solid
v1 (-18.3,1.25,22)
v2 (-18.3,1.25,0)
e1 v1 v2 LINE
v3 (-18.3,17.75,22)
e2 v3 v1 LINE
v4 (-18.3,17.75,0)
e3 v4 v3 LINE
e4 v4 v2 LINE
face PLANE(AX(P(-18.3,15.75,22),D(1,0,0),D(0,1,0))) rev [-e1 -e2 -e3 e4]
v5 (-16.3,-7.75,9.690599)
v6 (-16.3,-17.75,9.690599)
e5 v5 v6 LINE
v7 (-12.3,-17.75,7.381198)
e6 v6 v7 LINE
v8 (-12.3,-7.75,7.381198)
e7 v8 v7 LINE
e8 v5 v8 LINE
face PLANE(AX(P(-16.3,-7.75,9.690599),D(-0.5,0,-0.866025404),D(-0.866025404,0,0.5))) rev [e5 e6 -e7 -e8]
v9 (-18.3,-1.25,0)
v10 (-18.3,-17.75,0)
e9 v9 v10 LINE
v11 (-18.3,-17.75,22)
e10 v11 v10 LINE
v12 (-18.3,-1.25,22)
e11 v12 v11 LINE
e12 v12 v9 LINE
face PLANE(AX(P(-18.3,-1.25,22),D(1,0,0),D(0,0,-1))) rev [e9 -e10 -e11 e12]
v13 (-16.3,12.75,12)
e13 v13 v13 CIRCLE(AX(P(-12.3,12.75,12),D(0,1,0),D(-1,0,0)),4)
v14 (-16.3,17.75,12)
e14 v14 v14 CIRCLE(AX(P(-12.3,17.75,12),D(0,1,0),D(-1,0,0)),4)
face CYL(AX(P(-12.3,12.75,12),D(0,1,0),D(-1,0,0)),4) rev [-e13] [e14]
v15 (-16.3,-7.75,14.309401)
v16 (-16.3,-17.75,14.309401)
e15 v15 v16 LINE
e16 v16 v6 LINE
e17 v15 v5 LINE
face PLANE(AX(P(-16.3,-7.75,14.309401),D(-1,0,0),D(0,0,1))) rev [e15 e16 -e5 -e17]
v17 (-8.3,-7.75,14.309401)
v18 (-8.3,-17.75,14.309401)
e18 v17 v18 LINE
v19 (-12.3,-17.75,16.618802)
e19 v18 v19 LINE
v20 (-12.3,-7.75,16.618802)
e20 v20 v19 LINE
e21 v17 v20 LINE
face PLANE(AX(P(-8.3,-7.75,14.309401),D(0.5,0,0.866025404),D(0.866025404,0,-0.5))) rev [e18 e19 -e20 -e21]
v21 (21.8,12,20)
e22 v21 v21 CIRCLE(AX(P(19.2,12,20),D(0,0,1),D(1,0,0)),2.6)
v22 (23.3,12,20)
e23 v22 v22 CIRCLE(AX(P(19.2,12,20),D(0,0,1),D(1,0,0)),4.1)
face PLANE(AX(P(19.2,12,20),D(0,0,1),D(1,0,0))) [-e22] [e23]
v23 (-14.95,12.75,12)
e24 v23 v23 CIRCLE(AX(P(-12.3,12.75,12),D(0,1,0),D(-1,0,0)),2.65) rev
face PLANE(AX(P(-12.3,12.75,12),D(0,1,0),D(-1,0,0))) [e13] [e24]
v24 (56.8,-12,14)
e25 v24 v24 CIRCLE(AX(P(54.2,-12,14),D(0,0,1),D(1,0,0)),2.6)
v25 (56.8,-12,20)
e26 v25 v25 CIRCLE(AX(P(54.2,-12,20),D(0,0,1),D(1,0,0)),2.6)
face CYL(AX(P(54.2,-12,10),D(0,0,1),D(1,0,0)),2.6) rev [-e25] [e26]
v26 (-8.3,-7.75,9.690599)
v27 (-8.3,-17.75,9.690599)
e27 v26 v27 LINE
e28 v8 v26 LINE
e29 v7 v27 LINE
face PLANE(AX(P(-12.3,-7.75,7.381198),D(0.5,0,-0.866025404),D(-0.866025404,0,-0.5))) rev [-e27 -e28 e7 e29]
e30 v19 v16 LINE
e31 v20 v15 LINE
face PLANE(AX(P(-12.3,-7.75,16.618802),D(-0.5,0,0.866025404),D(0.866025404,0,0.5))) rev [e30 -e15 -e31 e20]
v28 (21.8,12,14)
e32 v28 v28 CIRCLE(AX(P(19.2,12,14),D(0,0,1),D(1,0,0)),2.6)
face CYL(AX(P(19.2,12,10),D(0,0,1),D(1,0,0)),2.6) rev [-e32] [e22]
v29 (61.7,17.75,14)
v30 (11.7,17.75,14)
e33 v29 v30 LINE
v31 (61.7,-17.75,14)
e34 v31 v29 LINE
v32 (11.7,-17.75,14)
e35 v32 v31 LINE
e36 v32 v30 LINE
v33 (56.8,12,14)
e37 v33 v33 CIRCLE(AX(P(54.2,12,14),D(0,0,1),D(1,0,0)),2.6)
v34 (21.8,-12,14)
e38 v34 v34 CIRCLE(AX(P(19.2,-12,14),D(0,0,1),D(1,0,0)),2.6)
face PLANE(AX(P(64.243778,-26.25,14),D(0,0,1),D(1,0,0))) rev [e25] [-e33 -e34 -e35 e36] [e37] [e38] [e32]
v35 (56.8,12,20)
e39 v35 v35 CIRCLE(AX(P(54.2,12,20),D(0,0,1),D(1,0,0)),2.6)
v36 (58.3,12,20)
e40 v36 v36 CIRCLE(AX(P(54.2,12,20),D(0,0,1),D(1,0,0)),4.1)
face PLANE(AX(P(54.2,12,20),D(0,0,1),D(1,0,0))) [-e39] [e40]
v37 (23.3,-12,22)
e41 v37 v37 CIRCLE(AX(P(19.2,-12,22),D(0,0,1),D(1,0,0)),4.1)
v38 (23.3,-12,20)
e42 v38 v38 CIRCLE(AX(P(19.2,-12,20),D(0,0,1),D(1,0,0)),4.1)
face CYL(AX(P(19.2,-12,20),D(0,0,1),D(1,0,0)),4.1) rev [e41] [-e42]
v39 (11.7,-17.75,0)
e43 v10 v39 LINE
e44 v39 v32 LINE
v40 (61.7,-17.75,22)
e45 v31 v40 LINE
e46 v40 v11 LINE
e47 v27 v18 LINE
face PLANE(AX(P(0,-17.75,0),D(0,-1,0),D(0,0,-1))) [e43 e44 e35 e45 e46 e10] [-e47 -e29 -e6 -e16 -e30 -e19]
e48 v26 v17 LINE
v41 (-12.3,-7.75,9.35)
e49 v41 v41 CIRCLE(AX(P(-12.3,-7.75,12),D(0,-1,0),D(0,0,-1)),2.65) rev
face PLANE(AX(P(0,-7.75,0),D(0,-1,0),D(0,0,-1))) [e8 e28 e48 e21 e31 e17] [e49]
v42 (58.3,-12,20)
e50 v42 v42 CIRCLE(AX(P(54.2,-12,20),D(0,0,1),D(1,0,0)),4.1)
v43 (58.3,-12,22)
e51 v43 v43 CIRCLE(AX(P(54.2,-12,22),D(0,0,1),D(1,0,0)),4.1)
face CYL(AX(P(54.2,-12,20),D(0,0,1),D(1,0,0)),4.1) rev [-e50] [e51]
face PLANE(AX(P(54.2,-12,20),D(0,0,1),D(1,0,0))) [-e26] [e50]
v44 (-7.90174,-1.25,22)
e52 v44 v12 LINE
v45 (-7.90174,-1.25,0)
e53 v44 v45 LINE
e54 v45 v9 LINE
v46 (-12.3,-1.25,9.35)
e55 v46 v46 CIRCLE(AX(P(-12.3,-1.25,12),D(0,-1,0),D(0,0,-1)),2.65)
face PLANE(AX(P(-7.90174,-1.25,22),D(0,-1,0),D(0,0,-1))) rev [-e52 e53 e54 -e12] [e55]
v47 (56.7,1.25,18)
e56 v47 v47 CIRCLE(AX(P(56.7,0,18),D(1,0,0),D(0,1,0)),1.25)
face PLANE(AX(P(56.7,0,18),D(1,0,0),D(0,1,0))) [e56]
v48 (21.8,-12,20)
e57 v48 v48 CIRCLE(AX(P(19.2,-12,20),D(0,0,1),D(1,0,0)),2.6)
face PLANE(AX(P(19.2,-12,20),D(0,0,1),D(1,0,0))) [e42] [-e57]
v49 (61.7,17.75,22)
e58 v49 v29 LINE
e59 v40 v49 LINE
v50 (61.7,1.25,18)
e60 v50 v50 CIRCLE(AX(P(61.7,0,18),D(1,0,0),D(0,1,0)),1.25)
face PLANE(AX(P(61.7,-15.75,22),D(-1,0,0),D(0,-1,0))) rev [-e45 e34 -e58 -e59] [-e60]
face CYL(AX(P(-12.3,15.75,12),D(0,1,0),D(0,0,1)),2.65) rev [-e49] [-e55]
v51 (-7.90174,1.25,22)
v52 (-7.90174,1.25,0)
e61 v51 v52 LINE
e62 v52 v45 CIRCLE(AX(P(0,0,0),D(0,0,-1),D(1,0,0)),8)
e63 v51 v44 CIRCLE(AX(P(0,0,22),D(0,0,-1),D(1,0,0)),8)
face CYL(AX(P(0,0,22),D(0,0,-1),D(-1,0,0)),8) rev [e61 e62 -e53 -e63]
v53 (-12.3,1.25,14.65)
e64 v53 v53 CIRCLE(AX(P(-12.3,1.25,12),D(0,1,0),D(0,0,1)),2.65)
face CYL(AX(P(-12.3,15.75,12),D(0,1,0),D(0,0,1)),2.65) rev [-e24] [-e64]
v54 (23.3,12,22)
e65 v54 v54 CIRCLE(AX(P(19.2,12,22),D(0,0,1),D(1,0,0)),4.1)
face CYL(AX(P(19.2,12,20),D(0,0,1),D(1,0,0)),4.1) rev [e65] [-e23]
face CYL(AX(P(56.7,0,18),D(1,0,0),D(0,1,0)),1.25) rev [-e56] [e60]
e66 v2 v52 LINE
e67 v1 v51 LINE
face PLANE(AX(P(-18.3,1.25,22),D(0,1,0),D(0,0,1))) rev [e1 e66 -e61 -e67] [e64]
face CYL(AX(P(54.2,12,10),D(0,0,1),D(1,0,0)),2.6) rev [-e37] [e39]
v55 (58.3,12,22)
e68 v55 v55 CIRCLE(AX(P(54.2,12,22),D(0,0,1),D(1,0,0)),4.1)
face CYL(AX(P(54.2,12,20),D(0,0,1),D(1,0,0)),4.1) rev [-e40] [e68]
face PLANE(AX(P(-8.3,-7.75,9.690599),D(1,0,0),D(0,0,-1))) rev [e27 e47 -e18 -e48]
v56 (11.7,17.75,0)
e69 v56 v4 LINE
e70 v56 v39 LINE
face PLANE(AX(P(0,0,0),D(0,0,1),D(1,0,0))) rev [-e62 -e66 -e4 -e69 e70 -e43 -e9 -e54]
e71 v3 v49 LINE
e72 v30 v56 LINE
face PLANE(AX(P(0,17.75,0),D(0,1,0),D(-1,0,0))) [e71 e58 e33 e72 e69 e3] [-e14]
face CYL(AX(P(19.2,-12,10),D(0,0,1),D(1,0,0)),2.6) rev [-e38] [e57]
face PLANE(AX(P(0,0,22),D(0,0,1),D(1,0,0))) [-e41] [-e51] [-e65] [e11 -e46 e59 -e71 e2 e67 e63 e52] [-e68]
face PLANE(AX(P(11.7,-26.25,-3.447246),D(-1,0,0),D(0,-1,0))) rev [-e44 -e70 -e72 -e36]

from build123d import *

# Parameters (mm, degrees)
ESQUISSE1_R             = 2.1
BOSS_EXTRU_1_DEPTH      = 22
ESQUISSE2_W             = 52.543778308
ESQUISSE2_H             = 17.447246457
ENL_V_MAT_EXTRU_1_DEPTH = 42
ESQUISSE3_R             = 3.1
ESQUISSE3_R_2           = 3.6
ENL_V_MAT_EXTRU_2_DEPTH = 2
D_GAGEMENT_M51_D        = 5.3
D_GAGEMENT_M51_DEPTH    = 34
D_GAGEMENT_M51_TIP      = 1.59228064
ESQUISSE6_R             = 4
ENL_V_MAT_EXTRU_3_DEPTH = 3
ENL_V_MAT_EXTRU_4_DEPTH = 8
ESQUISSE8_R             = 1.25
ENL_V_MAT_EXTRU_5_DEPTH = 5
BOSS_EXTRU_2_START      = 2
ESQUISSE9_R             = 4
BOSS_EXTRU_2_DEPTH      = 2
BOSS_EXTRU_3_DEPTH      = 2
ESQUISSE11_R            = 2.6
ENL_V_MAT_EXTRU_6_DEPTH = 10
ESQUISSE12_R            = 4.1
ENL_V_MAT_EXTRU_7_DEPTH = 2


with BuildPart() as part:
    # Esquisse1 → Boss.-Extru.1 (new body)
    with BuildSketch(Plane.XY):
        with BuildLine():
            Line((-18.3, 1.25), (-7.901740315, 1.25))
            ThreePointArc((-7.901740315, 1.25), (8, 0), (-7.901740315, -1.25))
            Line((-7.901740315, -1.25), (-18.3, -1.25))
            Line((-18.3, -1.25), (-18.3, -15.75))
            Line((-18.3, -15.75), (61.7, -15.75))
            Line((61.7, -15.75), (61.7, 15.75))
            Line((61.7, 15.75), (-18.3, 15.75))
            Line((-18.3, 15.75), (-18.3, 1.25))
        make_face()
        with Locations((19.2, -12)):
            Circle(ESQUISSE1_R, mode=Mode.SUBTRACT)
        with Locations((54.2, -12)):
            Circle(ESQUISSE1_R, mode=Mode.SUBTRACT)
        with Locations((54.2, 12)):
            Circle(ESQUISSE1_R, mode=Mode.SUBTRACT)
        with Locations((19.2, 12)):
            Circle(ESQUISSE1_R, mode=Mode.SUBTRACT)
    extrude(amount=BOSS_EXTRU_1_DEPTH)

    # Esquisse2 → Enlèv. mat.-Extru.1 (cut)
    with BuildSketch(Plane(origin=(0, 15.75, 0), x_dir=(1, 0, 0), z_dir=(0, 1, 0))):
        with Locations((37.971889154, -5.276376771)):
            Rectangle(ESQUISSE2_W, ESQUISSE2_H)
    extrude(amount=-ENL_V_MAT_EXTRU_1_DEPTH, mode=Mode.SUBTRACT)

    # Esquisse3 → Enlèv. mat.-Extru.2 (cut)
    with BuildSketch(Plane.XY.offset(22)):
        with Locations((19.2, -12)):
            Circle(ESQUISSE3_R)
        with Locations((54.2, -12)):
            Circle(ESQUISSE3_R)
        with Locations((54.2, 12)):
            Circle(ESQUISSE3_R_2)
        with Locations((19.2, 12)):
            Circle(ESQUISSE3_R)
    extrude(amount=-ENL_V_MAT_EXTRU_2_DEPTH, mode=Mode.SUBTRACT)

    # Dégagement M51
    with Locations(Plane(origin=(0, 15.75, 0), x_dir=(1, 0, 0), z_dir=(0, 1, 0))):
        with Locations((-12.3, -12)):
            Hole(D_GAGEMENT_M51_D / 2, depth=D_GAGEMENT_M51_DEPTH)
            with Locations((0, 0, -(D_GAGEMENT_M51_DEPTH + D_GAGEMENT_M51_TIP / 2))):  # 118° drill point
                Cone(0, D_GAGEMENT_M51_D / 2, D_GAGEMENT_M51_TIP, mode=Mode.SUBTRACT)

    # Esquisse6 → Enlèv. mat.-Extru.3 (cut)
    with BuildSketch(Plane(origin=(0, 15.75, 0), x_dir=(1, 0, 0), z_dir=(0, 1, 0))):
        with Locations(Location((-12.3, -12, 0), (0, 0, 180))):
            Circle(ESQUISSE6_R)
    extrude(amount=-ENL_V_MAT_EXTRU_3_DEPTH, mode=Mode.SUBTRACT)

    # Esquisse7 → Enlèv. mat.-Extru.4 (cut)
    with BuildSketch(Plane.XZ.offset(15.75)):
        Polygon((-12.3, 16.618802154), (-16.3, 14.309401077), (-16.3, 9.690598923), (-12.3, 7.381197846), (-8.3, 9.690598923), (-8.3, 14.309401077), align=None)
    extrude(amount=-ENL_V_MAT_EXTRU_4_DEPTH, mode=Mode.SUBTRACT)

    # Esquisse8 → Enlèv. mat.-Extru.5 (cut)
    with BuildSketch(Plane(origin=(61.7, 0, 0), x_dir=(0, 0, -1), z_dir=(1, 0, 0))):
        with Locations(Location((-18, 0, 0), (0, 0, 90))):
            Circle(ESQUISSE8_R)
    extrude(amount=-ENL_V_MAT_EXTRU_5_DEPTH, mode=Mode.SUBTRACT)

    # Esquisse9 → Boss.-Extru.2 (add)
    with BuildSketch(Plane(origin=(0, 15.75, 0), x_dir=(1, 0, 0), z_dir=(0, 1, 0)).offset(BOSS_EXTRU_2_START)):
        Polygon((61.7, -22), (61.7, -14), (11.7, -14), (11.7, 0), (-18.3, 0), (-18.3, -22), align=None)
        with Locations(Location((-12.3, -12, 0), (0, 0, 180))):
            Circle(ESQUISSE9_R, mode=Mode.SUBTRACT)
    extrude(amount=-BOSS_EXTRU_2_DEPTH)

    # Esquisse10 → Boss.-Extru.3 (add)
    with BuildSketch(Plane.XZ.offset(15.75)):
        Polygon((11.7, 0), (11.7, 14), (61.7, 14), (61.7, 22), (-18.3, 22), (-18.3, 0), align=None)
        Polygon((-12.3, 16.618802154), (-16.3, 14.309401077), (-16.3, 9.690598923), (-12.3, 7.381197846), (-8.3, 9.690598923), (-8.3, 14.309401077), align=None, mode=Mode.SUBTRACT)
    extrude(amount=BOSS_EXTRU_3_DEPTH)

    # Esquisse11 → Enlèv. mat.-Extru.6 (cut)
    with BuildSketch(Plane.XY.offset(20)):
        with Locations((54.2, 12)):
            Circle(ESQUISSE11_R)
        with Locations((54.2, -12)):
            Circle(ESQUISSE11_R)
        with Locations((19.2, -12)):
            Circle(ESQUISSE11_R)
        with Locations((19.2, 12)):
            Circle(ESQUISSE11_R)
    extrude(amount=-ENL_V_MAT_EXTRU_6_DEPTH, mode=Mode.SUBTRACT)

    # Esquisse12 → Enlèv. mat.-Extru.7 (cut)
    with BuildSketch(Plane.XY.offset(22)):
        with Locations((54.2, -12)):
            Circle(ESQUISSE12_R)
        with Locations((19.2, -12)):
            Circle(ESQUISSE12_R)
        with Locations((19.2, 12)):
            Circle(ESQUISSE12_R)
        with Locations((54.2, 12)):
            Circle(ESQUISSE12_R)
    extrude(amount=-ENL_V_MAT_EXTRU_7_DEPTH, mode=Mode.SUBTRACT)


solid = part.part
